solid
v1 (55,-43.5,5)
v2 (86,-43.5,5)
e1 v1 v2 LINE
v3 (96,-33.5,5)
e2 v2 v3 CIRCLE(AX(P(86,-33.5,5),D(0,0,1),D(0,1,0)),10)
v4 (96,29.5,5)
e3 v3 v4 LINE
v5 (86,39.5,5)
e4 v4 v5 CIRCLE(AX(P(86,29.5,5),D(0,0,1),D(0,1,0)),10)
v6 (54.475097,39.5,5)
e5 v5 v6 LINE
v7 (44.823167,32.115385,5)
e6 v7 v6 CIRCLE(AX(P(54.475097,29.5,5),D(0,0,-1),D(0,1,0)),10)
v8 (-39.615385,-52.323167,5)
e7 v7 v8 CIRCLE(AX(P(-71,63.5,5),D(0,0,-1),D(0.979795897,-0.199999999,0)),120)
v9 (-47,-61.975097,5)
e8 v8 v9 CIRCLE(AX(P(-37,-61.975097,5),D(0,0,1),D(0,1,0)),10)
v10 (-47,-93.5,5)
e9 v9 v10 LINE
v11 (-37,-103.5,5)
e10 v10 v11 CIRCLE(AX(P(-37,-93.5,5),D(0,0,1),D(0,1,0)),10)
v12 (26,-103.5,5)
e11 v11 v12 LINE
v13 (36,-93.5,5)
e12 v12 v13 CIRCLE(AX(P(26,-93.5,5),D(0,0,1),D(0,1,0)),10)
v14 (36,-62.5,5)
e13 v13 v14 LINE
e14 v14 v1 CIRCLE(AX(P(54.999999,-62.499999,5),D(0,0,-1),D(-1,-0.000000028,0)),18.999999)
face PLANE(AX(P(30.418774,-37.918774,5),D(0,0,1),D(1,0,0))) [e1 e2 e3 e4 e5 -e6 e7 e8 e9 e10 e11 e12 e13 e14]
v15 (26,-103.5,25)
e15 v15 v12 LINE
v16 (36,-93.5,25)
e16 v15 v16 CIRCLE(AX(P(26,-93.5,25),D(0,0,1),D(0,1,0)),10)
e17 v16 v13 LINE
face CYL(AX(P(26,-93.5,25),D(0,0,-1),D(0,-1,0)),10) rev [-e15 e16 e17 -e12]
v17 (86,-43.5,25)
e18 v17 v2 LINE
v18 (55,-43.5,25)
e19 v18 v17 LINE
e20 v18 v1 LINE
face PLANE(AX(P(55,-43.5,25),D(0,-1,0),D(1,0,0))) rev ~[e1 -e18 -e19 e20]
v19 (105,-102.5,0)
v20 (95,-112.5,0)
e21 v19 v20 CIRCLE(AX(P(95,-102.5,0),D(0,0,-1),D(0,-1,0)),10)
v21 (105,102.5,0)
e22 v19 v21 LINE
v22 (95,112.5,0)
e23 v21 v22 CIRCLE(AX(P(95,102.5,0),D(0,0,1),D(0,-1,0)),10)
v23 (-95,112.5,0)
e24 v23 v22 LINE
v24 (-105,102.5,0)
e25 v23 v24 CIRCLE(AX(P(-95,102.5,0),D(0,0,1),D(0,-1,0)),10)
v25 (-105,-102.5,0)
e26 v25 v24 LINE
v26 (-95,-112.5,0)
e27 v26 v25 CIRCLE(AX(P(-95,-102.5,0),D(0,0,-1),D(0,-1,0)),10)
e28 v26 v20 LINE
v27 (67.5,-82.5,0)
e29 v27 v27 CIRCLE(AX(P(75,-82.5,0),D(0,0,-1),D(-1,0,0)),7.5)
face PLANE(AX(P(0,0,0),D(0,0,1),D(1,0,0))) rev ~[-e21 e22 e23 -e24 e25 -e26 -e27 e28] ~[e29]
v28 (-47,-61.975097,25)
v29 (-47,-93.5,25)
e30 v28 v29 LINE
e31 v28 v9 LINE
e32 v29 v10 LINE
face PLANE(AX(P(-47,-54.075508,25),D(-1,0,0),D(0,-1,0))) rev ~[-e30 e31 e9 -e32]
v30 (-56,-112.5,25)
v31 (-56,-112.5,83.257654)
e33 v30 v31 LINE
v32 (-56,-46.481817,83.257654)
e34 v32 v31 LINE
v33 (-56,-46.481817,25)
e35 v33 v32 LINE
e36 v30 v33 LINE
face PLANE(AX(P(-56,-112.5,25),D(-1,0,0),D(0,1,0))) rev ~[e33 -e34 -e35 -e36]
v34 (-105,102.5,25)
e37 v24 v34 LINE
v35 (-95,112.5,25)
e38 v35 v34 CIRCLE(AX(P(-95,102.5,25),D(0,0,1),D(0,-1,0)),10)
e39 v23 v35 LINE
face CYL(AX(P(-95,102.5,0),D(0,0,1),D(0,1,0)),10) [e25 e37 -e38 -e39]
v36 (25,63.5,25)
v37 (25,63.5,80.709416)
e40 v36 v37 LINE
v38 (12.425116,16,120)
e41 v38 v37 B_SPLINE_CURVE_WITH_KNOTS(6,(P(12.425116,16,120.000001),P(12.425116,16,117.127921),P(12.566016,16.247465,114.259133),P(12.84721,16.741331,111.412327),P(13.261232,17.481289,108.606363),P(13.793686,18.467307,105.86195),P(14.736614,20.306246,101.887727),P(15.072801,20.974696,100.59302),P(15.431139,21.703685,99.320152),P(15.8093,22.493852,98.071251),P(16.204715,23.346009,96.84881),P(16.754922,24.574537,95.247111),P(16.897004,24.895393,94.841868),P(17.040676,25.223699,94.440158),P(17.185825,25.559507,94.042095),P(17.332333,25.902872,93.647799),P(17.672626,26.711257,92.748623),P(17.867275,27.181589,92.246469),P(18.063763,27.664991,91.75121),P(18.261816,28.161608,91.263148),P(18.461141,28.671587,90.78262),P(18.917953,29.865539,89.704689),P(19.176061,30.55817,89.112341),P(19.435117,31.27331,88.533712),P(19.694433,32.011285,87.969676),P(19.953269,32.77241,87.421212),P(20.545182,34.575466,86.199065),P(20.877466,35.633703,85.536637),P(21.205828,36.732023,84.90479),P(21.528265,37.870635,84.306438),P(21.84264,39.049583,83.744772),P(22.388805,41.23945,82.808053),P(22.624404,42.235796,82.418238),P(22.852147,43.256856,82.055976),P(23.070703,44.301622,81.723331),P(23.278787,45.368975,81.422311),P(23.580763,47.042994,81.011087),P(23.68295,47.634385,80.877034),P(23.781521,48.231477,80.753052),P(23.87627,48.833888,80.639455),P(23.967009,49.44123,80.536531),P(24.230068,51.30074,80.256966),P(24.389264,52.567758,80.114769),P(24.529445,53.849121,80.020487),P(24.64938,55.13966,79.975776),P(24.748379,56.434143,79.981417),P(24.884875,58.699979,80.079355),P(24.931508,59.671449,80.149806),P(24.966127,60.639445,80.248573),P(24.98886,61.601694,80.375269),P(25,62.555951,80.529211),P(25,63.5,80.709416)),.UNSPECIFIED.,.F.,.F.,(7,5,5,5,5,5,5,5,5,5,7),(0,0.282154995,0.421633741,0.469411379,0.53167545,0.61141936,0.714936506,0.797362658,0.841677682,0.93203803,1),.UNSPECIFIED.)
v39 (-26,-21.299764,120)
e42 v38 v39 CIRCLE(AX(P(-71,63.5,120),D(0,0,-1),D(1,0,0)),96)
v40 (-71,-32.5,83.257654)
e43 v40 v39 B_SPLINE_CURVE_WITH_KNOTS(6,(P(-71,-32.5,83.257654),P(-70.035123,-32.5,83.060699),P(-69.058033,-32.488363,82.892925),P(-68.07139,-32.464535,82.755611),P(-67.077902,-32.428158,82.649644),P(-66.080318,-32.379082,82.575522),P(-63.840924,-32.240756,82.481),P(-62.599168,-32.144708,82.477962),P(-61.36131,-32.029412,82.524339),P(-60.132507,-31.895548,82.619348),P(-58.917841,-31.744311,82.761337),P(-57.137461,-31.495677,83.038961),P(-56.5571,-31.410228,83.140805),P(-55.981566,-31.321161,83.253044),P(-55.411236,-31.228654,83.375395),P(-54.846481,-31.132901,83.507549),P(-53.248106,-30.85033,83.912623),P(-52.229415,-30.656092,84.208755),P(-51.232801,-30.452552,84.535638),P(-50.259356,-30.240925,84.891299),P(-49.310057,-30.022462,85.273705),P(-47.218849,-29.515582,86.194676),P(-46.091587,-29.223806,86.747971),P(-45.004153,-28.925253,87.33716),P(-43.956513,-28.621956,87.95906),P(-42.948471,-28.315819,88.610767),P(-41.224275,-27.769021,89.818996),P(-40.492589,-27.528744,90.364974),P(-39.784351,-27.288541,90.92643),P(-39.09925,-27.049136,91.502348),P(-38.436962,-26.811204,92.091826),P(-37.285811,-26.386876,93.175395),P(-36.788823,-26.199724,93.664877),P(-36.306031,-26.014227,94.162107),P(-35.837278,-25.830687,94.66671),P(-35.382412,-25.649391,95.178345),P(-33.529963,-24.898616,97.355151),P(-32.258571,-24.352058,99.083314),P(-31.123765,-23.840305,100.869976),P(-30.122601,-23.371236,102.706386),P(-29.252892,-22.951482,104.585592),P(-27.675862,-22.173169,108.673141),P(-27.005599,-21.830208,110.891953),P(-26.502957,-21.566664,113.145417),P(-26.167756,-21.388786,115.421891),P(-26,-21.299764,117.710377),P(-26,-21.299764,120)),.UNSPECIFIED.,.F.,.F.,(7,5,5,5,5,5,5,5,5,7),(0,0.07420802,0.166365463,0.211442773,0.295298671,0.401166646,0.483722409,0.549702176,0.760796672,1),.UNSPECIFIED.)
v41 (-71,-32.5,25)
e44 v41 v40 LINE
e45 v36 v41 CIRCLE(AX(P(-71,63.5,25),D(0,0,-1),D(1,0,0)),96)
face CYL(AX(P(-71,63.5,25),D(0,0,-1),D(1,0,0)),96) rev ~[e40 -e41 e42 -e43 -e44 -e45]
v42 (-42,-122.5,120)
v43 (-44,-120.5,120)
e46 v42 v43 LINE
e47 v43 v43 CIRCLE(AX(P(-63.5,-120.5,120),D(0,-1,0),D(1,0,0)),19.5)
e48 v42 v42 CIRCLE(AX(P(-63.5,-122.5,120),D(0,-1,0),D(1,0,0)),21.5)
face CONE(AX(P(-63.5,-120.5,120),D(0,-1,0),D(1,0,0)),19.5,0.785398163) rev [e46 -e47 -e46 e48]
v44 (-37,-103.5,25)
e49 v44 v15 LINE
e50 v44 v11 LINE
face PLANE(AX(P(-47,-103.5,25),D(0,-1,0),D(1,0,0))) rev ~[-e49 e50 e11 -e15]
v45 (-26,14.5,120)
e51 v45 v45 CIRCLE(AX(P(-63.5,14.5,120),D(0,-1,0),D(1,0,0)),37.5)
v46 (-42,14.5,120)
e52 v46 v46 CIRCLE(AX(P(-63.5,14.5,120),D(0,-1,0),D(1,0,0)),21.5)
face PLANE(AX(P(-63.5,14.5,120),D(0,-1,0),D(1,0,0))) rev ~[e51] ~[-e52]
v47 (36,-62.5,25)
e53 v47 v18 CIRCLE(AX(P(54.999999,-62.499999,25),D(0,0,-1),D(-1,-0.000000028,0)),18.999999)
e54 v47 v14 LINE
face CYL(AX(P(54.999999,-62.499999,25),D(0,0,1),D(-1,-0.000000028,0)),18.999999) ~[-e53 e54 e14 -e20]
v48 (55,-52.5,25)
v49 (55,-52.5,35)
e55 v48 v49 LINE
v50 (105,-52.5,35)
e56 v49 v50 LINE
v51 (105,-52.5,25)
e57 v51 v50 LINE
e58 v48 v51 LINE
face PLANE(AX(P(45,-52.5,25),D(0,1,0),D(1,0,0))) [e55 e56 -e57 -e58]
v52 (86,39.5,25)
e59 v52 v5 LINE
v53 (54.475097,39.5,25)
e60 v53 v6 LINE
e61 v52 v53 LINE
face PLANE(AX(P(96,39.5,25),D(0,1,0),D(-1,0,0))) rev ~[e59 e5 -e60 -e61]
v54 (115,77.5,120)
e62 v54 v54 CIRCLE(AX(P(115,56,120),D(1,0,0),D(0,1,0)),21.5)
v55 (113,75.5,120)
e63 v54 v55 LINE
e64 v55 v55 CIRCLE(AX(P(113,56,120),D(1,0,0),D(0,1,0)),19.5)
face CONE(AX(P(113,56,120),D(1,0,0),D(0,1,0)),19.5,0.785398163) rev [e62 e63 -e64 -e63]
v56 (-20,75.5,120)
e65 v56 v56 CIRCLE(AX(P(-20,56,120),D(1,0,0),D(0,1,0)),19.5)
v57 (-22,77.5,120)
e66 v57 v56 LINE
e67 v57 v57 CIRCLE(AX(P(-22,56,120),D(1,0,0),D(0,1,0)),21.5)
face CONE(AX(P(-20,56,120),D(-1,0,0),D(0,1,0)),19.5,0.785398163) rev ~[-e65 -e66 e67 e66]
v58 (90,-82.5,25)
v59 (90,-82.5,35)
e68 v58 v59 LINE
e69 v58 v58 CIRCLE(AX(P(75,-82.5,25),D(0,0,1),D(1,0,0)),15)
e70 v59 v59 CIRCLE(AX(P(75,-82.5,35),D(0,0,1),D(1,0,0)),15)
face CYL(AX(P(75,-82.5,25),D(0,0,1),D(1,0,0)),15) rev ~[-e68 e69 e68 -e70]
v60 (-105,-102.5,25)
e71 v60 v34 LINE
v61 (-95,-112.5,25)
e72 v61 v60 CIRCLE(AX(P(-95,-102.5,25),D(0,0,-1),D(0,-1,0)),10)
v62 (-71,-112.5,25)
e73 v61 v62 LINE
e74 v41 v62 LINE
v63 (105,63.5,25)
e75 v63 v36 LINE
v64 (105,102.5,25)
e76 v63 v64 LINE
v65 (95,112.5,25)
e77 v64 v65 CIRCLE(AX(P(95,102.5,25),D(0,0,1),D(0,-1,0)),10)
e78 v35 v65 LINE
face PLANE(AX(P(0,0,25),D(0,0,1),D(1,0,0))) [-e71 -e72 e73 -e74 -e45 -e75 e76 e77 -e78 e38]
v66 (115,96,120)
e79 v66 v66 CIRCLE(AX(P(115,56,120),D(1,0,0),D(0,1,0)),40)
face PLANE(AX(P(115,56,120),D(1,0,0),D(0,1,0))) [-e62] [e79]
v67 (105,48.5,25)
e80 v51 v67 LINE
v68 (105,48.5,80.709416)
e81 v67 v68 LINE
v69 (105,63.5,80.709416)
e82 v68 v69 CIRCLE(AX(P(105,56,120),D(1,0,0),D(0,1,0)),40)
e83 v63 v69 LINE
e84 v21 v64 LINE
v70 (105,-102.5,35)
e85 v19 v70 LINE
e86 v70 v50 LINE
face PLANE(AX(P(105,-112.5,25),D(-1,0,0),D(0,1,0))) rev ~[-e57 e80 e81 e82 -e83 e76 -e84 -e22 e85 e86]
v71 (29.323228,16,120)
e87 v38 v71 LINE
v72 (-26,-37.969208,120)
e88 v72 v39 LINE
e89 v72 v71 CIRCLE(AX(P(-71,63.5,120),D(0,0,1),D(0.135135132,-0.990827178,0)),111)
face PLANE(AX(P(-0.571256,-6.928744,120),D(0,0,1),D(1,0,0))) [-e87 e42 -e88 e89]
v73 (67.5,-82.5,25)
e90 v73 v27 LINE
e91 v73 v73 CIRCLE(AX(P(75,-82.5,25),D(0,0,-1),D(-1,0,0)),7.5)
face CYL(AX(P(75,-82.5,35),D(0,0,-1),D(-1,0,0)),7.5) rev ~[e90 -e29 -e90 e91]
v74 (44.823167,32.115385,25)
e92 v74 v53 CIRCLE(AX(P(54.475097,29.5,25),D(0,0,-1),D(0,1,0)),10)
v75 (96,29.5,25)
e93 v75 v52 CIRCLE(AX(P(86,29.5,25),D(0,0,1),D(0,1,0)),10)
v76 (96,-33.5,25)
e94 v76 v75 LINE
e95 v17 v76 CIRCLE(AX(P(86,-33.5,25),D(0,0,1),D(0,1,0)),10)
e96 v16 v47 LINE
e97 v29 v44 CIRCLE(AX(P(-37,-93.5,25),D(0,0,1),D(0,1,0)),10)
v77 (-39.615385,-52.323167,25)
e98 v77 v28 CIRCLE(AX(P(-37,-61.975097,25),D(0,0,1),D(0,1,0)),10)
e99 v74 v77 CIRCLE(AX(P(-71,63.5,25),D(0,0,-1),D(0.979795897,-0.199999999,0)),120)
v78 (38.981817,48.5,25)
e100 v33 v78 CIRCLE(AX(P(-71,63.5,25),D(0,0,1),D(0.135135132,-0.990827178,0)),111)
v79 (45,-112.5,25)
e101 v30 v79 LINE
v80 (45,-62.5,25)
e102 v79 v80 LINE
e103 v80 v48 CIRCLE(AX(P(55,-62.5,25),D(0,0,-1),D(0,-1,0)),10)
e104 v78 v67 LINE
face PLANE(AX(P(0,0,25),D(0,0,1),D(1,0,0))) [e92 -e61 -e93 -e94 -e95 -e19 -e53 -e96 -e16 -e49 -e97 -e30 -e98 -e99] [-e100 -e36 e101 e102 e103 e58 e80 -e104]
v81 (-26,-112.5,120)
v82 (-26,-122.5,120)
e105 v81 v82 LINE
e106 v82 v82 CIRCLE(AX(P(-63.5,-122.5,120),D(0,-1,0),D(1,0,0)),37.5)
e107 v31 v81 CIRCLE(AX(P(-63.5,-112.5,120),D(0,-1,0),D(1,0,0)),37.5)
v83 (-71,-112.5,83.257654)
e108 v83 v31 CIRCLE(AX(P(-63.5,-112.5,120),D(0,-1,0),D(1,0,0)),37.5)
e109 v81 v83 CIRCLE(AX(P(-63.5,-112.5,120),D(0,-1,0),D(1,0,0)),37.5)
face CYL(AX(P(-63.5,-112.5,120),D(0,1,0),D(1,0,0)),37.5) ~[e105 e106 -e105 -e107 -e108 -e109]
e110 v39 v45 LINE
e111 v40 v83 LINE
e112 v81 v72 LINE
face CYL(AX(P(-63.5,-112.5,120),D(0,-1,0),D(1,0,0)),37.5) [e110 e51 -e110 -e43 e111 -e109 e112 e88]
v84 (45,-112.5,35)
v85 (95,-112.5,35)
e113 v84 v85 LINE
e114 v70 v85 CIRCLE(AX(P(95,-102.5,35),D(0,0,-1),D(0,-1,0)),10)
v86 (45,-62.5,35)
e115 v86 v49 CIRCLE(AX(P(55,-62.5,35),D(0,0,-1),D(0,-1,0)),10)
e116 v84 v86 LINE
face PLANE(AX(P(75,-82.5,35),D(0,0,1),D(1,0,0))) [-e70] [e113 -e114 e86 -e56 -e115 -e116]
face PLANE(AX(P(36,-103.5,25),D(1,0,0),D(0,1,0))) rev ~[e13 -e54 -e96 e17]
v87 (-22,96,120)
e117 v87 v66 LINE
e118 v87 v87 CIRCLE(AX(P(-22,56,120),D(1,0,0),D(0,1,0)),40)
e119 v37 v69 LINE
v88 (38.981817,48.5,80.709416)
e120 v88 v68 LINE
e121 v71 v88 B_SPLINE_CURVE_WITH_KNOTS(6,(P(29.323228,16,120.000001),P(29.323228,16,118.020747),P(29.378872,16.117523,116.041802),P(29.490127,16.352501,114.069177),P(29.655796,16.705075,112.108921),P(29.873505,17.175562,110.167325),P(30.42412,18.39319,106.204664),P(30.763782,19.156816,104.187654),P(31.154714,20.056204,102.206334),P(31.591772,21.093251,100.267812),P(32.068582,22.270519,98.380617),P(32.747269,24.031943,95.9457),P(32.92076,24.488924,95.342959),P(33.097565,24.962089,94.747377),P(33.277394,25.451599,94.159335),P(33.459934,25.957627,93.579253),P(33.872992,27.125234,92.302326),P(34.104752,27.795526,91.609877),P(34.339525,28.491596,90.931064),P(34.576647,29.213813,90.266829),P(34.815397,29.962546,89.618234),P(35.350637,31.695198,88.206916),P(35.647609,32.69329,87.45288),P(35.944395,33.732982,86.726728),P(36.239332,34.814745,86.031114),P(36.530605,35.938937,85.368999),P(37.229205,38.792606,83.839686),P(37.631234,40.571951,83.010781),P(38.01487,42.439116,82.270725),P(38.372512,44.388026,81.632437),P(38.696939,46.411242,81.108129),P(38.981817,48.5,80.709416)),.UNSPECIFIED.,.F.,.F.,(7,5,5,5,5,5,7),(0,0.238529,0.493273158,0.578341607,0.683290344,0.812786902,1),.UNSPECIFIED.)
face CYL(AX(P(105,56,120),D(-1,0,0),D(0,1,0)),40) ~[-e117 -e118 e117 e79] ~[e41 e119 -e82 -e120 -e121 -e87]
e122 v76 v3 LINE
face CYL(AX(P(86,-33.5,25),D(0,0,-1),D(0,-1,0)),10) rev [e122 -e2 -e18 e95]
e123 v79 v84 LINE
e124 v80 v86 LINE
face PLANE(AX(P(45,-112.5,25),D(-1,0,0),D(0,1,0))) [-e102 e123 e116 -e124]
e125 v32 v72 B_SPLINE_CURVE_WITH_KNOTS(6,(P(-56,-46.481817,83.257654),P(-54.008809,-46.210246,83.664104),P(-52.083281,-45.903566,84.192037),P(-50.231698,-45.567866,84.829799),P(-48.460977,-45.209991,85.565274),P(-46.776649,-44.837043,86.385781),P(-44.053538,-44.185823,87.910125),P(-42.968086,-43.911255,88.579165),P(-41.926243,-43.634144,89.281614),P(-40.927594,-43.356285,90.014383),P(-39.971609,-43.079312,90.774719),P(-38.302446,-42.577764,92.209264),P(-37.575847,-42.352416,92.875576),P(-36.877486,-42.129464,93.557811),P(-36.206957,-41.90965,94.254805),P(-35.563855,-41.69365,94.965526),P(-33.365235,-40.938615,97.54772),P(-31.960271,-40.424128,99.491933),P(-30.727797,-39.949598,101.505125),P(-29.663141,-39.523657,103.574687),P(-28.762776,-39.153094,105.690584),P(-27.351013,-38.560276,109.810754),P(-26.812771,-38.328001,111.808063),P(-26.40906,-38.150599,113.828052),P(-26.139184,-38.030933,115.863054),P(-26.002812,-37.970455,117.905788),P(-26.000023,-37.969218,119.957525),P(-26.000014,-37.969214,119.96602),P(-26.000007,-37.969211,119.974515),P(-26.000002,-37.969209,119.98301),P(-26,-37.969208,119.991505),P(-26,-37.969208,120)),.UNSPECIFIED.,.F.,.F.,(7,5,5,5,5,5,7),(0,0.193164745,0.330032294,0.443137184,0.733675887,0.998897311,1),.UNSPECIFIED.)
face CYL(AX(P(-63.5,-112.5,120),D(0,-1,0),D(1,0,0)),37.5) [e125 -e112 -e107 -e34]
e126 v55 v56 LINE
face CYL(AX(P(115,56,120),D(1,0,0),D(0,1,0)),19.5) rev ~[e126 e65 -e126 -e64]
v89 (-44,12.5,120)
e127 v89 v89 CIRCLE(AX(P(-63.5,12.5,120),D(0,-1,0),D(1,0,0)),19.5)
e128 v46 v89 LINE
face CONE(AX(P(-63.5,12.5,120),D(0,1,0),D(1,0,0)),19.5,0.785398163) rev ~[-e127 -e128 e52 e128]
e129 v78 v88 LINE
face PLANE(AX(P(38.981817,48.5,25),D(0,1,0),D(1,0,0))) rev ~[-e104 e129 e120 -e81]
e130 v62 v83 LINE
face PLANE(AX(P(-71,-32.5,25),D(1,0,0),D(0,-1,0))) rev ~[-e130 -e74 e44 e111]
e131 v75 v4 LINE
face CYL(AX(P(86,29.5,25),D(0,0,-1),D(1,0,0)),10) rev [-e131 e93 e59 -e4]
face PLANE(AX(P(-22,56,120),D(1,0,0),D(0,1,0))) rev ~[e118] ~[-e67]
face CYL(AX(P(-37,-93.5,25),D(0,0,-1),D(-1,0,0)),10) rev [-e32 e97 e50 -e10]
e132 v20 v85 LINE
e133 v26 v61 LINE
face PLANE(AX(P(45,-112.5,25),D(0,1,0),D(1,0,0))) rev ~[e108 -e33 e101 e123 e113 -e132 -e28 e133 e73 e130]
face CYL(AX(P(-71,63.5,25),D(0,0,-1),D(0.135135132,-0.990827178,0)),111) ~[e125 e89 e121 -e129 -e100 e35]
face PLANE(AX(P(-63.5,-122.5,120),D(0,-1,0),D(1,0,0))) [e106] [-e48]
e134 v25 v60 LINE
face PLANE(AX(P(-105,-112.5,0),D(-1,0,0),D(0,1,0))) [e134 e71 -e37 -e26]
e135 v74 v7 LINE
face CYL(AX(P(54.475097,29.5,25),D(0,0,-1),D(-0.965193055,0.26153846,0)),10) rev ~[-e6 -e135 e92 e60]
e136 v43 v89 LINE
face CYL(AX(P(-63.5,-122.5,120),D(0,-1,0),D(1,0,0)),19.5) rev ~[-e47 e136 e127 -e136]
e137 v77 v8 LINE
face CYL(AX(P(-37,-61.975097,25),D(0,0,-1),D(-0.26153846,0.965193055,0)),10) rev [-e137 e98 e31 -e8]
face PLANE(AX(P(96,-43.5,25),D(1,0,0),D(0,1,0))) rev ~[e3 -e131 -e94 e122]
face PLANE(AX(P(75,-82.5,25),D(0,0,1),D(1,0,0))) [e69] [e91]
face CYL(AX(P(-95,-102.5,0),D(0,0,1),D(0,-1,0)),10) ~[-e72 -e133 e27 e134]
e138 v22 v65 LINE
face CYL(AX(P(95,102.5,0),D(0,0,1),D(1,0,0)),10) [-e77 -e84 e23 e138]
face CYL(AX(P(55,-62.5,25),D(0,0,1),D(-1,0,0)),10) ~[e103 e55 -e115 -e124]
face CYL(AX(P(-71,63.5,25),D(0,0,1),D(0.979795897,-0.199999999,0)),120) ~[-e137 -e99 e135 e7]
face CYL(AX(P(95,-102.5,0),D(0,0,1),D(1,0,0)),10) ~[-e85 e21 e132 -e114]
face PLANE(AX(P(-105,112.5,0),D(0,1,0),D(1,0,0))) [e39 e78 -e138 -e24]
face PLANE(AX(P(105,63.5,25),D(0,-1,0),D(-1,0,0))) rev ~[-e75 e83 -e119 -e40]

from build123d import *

# Parameters (mm, degrees)
F0_W            = 210
F0_H            = 225
F1_DEPTH        = 25
F3_DEPTH        = 95
F4_R            = 37.5
F5_DEPTH        = 10
F5_DEPTH_BACK   = 127
F6_R            = 40
F7_DEPTH        = 10
F7_DEPTH_BACK   = 127
F8_W            = 60
F8_H            = 60
F9_DEPTH        = 10
F10_R           = 10
F12_DEPTH       = 20
F14_D           = 15
F14_CBORE_D     = 30
F14_CBORE_DEPTH = 10
F15_R           = 10
F16_R           = 19.5
F17_DEPTH       = 235.001
F18_R           = 19.5
F19_DEPTH       = 220.001
F20_SIZE        = 2
F21_R           = 10


with BuildPart() as f1:
    # F0 (on Top) → F1 (new body)
    with BuildSketch(Plane.XY):
        Rectangle(F0_W, F0_H)
    extrude(amount=F1_DEPTH)

    # F2 (on face) → F3 (join)
    with BuildSketch(Plane.XY.offset(25)):
        with BuildLine():
            Line((-71, -32.5), (-71, -112.5))
            Line((-71, -112.5), (-56, -112.5))
            Line((-56, -112.5), (-56, -46.481817))
            ThreePointArc((-56, -46.481817), (7.488853, -14.988853), (38.981817, 48.5))
            Line((38.981817, 48.5), (105, 48.5))
            Line((105, 48.5), (105, 63.5))
            Line((105, 63.5), (25, 63.5))
            ThreePointArc((25, 63.5), (-3.117749, -4.382251), (-71, -32.5))
        make_face()
    extrude(amount=F3_DEPTH)

    # F4 (on face) → F5 (join, two sides)
    with BuildSketch(Plane.XZ.offset(112.5)) as f5_sk:
        with Locations((-63.5, 120)):
            Circle(F4_R)
    extrude(amount=F5_DEPTH)
    extrude(f5_sk.sketch, amount=-F5_DEPTH_BACK)

    # F6 (on face) → F7 (join, two sides)
    with BuildSketch(Plane.YZ.offset(105)) as f7_sk:
        with Locations((56, 120)):
            Circle(F6_R)
    extrude(amount=F7_DEPTH)
    extrude(f7_sk.sketch, amount=-F7_DEPTH_BACK)

    # F8 (on face) → F9 (join)
    with BuildSketch(Plane.XY.offset(25)):
        with Locations((75, -82.5)):
            Rectangle(F8_W, F8_H)
    extrude(amount=F9_DEPTH)

    # F10
    f10_edges = [f1.edges().sort_by_distance(p)[0] for p in [
        (45, -52.5, 30),
    ]]
    fillet(f10_edges, radius=F10_R)

    # F11 (on face) → F12 (cut)
    with BuildSketch(Plane.XY.offset(25)):
        with BuildLine():
            ThreePointArc((46.575508, 39.5), (13.852814, -21.352814), (-47, -54.075508))
            Line((-47, -54.075508), (-47, -103.5))
            Line((-47, -103.5), (36, -103.5))
            Line((36, -103.5), (36, -62.5))
            ThreePointArc((36, -62.5), (41.564971, -49.064971), (55, -43.5))
            Line((55, -43.5), (96, -43.5))
            Line((96, -43.5), (96, 39.5))
            Line((96, 39.5), (46.575508, 39.5))
        make_face()
    extrude(amount=-F12_DEPTH, mode=Mode.SUBTRACT)

    # F14 (through all)
    with Locations(Plane.XY.offset(35)):
        with Locations((75, -82.5)):
            CounterBoreHole(F14_D / 2, F14_CBORE_D / 2, F14_CBORE_DEPTH)

    # F15
    f15_edges = [f1.edges().sort_by_distance(p)[0] for p in [
        (-47, -54.075508, 15),
        (46.575508, 39.5, 15),
        (96, 39.5, 15),
        (-47, -103.5, 15),
        (36, -103.5, 15),
        (96, -43.5, 15),
    ]]
    fillet(f15_edges, radius=F15_R)

    # F16 (on face) → F17 (cut, through all)
    with BuildSketch(Plane.XZ.offset(122.5)):
        with Locations((-63.5, 120)):
            Circle(F16_R)
    extrude(amount=-F17_DEPTH, mode=Mode.SUBTRACT)

    # F18 (on face) → F19 (cut, through all)
    with BuildSketch(Plane.YZ.offset(115)):
        with Locations((56, 120)):
            Circle(F18_R)
    extrude(amount=-F19_DEPTH, mode=Mode.SUBTRACT)

    # F20
    f20_edges = [f1.edges().sort_by_distance(p)[0] for p in [
        (-83, -122.5, 120),
        (115, 36.5, 120),
        (-22, 36.5, 120),
        (-83, 14.5, 120),
    ]]
    chamfer(f20_edges, length=F20_SIZE)

    # F21
    f21_edges = [f1.edges().sort_by_distance(p)[0] for p in [
        (105, -112.5, 17.5),
        (105, 112.5, 12.5),
        (-105, -112.5, 12.5),
        (-105, 112.5, 12.5),
    ]]
    fillet(f21_edges, radius=F21_R)


solid = f1.part
